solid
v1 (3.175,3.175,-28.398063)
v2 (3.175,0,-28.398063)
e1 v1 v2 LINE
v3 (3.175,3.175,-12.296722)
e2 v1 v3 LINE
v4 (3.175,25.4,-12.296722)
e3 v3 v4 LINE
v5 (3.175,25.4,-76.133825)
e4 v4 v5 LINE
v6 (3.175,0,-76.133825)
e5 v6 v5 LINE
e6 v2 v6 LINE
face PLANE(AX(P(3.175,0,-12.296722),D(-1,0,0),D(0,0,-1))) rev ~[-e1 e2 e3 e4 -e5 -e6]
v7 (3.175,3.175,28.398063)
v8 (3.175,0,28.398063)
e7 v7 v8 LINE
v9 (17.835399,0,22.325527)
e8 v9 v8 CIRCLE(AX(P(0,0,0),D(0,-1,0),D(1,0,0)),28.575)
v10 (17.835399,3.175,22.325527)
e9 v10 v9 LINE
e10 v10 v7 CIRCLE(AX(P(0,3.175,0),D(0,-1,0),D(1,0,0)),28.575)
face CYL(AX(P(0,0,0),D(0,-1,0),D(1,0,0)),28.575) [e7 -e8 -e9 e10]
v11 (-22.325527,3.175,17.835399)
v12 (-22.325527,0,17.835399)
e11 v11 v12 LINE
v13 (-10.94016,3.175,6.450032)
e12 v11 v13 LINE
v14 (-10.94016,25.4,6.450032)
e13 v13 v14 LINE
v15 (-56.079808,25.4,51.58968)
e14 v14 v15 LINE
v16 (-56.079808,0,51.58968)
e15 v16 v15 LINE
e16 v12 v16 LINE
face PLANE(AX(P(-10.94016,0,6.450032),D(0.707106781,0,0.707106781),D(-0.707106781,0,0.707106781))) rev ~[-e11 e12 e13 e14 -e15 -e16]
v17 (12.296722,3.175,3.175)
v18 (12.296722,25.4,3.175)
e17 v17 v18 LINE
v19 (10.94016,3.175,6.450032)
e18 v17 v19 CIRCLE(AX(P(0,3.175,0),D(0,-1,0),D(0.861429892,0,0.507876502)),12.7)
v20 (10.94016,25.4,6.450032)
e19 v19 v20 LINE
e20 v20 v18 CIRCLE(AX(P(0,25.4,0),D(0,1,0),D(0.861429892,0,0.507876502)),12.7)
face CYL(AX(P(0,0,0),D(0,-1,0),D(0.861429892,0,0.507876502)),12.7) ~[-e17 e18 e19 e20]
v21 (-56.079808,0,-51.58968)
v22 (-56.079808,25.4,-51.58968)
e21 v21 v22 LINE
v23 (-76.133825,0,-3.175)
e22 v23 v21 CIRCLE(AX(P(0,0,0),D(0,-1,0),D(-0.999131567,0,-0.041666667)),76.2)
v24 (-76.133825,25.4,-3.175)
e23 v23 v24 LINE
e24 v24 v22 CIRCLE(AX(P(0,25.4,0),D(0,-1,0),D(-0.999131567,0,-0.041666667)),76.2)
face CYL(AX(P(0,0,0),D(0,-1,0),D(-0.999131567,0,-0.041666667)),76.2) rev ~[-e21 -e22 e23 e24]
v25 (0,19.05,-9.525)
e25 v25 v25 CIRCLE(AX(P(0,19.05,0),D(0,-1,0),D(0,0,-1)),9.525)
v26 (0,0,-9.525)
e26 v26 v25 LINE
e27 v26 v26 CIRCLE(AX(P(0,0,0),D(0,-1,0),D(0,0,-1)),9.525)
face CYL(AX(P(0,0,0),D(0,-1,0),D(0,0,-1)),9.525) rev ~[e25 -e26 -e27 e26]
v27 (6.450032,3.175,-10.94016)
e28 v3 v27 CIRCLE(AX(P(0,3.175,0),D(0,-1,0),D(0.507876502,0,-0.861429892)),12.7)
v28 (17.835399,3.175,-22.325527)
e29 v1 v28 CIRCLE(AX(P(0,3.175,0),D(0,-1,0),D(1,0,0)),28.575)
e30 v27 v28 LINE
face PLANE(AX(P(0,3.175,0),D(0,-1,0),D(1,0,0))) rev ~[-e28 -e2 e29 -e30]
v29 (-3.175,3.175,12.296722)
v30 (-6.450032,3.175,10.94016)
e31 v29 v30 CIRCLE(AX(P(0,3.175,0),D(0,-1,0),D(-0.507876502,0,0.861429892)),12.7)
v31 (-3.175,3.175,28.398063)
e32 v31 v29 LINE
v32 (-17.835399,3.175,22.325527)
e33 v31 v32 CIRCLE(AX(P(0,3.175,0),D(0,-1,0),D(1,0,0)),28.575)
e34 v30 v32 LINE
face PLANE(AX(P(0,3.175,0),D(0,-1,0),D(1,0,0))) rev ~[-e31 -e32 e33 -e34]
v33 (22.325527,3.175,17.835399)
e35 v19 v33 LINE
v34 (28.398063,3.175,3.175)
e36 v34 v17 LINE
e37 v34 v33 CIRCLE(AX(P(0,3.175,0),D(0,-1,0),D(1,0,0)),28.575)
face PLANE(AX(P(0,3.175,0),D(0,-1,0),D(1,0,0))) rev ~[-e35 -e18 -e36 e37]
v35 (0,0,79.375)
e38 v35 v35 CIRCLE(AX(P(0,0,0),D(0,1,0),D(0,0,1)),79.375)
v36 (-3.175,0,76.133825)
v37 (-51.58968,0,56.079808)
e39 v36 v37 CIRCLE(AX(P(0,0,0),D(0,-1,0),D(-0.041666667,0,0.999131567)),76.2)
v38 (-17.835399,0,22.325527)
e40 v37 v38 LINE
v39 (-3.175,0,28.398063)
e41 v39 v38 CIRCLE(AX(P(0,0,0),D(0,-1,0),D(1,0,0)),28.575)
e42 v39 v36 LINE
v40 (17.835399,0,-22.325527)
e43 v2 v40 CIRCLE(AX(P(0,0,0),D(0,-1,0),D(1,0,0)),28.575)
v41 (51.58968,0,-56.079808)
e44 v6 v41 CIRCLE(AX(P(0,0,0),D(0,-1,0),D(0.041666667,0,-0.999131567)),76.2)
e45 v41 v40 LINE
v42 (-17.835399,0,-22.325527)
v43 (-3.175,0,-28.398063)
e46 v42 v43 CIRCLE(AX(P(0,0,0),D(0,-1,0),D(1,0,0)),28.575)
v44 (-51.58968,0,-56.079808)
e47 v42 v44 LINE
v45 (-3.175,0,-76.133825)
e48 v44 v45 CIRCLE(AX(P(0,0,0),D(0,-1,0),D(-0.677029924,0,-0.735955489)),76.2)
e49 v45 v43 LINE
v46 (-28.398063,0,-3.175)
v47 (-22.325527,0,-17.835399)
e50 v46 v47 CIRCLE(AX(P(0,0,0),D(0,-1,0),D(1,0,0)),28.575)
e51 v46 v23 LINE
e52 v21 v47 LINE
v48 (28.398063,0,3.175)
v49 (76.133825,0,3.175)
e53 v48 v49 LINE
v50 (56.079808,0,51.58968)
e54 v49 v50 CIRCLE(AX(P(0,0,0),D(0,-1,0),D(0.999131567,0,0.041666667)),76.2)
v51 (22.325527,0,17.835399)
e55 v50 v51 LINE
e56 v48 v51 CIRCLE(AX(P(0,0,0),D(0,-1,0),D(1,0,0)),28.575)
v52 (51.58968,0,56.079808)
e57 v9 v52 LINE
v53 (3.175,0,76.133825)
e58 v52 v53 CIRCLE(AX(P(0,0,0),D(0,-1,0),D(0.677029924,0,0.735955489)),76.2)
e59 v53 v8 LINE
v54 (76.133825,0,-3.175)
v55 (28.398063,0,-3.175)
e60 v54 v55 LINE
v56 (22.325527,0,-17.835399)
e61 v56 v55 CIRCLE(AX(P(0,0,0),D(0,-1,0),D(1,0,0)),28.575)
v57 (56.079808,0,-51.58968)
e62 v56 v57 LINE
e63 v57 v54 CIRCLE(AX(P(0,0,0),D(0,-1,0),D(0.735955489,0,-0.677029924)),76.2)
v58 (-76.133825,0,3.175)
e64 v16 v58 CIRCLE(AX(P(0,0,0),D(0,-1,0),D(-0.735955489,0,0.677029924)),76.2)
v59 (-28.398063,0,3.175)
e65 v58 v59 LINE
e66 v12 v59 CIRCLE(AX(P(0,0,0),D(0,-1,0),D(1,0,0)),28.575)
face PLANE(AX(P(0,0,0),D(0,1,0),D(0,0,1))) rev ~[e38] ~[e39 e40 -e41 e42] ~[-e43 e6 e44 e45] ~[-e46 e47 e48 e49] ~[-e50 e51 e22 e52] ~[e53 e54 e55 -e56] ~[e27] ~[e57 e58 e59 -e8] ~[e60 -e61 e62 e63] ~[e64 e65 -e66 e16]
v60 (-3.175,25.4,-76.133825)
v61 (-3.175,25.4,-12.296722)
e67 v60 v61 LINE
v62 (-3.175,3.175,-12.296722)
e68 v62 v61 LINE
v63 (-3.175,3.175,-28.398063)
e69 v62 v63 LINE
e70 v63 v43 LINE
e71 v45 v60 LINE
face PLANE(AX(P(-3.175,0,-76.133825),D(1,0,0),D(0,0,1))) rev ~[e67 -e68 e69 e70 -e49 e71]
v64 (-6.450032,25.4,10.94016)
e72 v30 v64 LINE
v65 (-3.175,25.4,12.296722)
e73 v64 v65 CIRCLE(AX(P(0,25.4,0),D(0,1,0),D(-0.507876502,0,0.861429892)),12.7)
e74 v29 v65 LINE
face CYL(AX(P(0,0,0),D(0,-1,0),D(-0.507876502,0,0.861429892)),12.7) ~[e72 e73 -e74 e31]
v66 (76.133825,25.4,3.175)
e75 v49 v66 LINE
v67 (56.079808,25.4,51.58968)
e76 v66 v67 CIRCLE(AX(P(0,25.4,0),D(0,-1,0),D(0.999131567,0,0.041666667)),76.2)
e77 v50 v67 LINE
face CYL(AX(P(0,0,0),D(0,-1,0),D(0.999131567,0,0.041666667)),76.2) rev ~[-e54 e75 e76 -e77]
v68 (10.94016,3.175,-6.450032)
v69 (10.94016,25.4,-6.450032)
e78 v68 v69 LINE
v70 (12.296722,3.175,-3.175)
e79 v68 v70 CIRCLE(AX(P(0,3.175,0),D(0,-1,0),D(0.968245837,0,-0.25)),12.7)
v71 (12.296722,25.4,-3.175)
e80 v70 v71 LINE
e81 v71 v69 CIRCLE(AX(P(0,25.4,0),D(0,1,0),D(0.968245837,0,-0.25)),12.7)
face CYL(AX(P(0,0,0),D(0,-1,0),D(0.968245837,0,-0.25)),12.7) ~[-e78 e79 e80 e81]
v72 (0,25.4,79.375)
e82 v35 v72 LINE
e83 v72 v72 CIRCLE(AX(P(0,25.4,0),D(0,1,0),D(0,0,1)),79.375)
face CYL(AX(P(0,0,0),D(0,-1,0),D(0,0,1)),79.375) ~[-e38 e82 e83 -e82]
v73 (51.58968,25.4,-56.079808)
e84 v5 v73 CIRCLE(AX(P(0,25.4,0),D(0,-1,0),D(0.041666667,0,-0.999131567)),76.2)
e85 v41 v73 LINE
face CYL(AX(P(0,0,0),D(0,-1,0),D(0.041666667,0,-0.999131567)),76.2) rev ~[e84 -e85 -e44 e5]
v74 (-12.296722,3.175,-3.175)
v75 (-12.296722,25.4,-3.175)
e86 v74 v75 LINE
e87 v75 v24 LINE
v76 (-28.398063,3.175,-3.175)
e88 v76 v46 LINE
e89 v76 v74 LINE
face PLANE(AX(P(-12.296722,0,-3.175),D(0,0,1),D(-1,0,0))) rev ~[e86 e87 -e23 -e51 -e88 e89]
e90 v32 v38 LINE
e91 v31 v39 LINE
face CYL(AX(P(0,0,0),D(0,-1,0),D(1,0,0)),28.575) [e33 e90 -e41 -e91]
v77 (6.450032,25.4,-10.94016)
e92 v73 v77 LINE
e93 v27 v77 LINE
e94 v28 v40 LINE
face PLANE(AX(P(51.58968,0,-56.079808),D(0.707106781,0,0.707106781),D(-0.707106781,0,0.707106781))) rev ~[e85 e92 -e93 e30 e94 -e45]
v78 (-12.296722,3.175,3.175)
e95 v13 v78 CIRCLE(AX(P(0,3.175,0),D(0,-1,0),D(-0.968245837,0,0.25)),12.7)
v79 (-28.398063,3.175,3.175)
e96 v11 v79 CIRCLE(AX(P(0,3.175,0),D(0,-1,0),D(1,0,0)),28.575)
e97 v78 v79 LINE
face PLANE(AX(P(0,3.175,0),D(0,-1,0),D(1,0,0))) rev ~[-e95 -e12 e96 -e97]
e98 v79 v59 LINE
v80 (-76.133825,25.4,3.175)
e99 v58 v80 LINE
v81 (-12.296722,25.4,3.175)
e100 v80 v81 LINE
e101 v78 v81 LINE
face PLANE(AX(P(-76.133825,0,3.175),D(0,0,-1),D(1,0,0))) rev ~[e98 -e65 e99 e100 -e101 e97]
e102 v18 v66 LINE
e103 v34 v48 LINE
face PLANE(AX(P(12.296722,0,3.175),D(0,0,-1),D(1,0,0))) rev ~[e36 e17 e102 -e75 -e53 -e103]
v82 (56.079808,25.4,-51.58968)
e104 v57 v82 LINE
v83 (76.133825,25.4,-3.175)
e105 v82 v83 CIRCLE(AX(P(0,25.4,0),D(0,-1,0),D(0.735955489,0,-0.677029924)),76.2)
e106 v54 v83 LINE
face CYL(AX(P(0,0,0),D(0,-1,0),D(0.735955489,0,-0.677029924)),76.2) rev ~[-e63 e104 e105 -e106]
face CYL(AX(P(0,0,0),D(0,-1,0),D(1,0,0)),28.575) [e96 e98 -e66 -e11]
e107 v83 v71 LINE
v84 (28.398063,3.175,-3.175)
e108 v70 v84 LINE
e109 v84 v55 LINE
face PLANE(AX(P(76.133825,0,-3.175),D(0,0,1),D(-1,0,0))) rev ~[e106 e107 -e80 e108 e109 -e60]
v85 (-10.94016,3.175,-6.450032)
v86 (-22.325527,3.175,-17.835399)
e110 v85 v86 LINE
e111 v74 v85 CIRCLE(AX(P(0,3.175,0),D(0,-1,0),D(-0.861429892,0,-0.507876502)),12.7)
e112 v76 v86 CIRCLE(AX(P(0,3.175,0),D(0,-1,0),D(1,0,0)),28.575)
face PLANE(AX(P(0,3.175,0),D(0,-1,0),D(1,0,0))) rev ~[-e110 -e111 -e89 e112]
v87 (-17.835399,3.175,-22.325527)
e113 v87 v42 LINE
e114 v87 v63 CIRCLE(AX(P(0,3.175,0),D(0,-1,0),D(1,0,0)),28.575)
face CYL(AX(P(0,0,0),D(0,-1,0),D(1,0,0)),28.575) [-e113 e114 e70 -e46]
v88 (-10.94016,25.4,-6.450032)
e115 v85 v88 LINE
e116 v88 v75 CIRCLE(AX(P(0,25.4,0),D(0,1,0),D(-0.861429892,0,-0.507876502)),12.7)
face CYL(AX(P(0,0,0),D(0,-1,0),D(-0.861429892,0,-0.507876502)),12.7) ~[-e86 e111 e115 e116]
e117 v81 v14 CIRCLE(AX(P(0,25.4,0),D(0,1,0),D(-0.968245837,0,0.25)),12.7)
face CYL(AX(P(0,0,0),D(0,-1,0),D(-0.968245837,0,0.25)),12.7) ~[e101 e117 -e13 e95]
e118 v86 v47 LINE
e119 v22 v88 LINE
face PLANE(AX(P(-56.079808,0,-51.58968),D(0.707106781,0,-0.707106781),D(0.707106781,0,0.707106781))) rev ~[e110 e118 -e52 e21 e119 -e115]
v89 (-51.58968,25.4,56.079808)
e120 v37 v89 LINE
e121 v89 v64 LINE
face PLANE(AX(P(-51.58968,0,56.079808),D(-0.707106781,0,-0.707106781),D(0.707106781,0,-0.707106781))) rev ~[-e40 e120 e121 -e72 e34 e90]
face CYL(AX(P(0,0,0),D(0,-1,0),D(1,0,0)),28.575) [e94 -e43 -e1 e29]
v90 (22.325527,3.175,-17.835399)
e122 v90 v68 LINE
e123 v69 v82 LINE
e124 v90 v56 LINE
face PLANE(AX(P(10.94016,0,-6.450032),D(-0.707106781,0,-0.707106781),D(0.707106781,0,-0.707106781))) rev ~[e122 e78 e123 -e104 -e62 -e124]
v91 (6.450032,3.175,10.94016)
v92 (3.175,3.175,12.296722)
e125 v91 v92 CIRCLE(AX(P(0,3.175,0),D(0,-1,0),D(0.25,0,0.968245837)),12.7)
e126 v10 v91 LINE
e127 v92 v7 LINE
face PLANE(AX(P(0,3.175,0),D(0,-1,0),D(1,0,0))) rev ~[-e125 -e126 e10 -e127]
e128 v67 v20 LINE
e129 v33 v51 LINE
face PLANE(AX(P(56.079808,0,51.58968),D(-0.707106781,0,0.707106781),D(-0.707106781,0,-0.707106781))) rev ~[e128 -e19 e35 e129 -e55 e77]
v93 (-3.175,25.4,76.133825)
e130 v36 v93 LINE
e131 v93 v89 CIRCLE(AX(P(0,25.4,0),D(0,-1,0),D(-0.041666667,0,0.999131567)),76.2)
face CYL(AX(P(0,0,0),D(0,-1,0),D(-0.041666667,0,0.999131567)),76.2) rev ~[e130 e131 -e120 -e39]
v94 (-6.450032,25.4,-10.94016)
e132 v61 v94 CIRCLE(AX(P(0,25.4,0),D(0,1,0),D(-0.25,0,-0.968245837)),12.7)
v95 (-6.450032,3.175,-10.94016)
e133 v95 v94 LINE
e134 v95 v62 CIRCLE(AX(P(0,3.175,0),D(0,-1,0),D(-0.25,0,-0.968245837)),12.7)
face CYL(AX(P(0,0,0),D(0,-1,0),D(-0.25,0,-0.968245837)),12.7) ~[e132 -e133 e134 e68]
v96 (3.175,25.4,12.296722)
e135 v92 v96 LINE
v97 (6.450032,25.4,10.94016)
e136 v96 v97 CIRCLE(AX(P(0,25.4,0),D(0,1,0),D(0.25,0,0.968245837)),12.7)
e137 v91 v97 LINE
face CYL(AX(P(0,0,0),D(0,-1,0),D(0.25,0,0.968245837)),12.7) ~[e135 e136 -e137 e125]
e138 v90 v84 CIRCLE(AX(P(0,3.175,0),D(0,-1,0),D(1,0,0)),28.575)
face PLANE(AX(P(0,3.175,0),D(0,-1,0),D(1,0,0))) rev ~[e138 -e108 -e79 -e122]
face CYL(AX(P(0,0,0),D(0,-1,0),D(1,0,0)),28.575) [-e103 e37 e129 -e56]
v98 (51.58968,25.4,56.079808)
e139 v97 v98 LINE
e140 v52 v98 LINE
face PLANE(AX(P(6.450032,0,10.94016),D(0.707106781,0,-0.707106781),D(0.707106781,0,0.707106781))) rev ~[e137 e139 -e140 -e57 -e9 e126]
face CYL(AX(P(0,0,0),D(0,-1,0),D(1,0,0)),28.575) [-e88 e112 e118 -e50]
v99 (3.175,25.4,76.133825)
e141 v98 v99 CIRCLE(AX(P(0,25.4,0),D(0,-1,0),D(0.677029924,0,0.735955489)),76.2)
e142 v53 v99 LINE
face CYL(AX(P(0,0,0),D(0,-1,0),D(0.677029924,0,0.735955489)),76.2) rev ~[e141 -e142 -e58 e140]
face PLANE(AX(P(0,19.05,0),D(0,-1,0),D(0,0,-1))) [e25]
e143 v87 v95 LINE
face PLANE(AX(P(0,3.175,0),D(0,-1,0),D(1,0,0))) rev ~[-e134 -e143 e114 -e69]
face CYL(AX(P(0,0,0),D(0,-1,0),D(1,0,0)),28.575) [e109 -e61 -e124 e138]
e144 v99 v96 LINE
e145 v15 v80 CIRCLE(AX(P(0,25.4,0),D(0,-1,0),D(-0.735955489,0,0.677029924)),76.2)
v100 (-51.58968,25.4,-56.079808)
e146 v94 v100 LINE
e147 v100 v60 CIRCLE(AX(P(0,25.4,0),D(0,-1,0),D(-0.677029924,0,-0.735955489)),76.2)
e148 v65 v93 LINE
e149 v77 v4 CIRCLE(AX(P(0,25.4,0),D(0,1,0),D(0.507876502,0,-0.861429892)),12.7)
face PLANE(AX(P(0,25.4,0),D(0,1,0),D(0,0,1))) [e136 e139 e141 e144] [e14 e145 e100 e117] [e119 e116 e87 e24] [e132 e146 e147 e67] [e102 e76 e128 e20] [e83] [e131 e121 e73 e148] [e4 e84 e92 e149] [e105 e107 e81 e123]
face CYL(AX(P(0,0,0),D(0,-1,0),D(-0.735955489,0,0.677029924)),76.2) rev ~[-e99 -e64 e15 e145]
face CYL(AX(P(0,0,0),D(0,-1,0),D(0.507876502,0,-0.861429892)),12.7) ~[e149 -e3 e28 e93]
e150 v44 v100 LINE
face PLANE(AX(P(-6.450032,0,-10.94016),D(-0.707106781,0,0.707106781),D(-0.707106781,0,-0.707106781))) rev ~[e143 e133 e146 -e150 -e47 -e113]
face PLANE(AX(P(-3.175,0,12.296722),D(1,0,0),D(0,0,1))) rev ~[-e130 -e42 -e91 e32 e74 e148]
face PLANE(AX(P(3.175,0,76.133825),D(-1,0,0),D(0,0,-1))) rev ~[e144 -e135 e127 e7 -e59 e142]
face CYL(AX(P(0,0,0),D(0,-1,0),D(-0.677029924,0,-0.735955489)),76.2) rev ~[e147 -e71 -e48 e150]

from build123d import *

# Parameters (mm, degrees)
SKETCH1_R           = 79.375
BOSS_EXTRUDE1_DEPTH = 25.4
SKETCH2_R           = 28.575
BOSS_EXTRUDE2_DEPTH = 3.175
SKETCH3_R           = 9.525
CUT_EXTRUDE1_DEPTH  = 19.05


with BuildPart() as part:
    # Sketch1 → Boss-Extrude1 (new body)
    with BuildSketch(Plane(origin=(0, 0, 0), x_dir=(1, 0, 0), z_dir=(0, 1, 0))):
        with Locations(Location((0, 0, 0), (0, 0, 270))):
            Circle(SKETCH1_R)
        with BuildLine():
            ThreePointArc((12.296722124, 3.175), (11.733270063, 4.860079591), (10.940159631, 6.45003157))
            Line((10.940159631, 6.45003157), (56.079808271, 51.589680211))
            ThreePointArc((56.079808271, 51.589680211), (70.399620377, 29.160477546), (76.133825433, 3.175))
            Line((76.133825433, 3.175), (12.296722124, 3.175))
        make_face(mode=Mode.SUBTRACT)
        with BuildLine():
            Line((51.589680211, 56.079808271), (6.45003157, 10.940159631))
            ThreePointArc((6.45003157, 10.940159631), (4.860079591, 11.733270063), (3.175, 12.296722124))
            Line((3.175, 12.296722124), (3.175, 76.133825433))
            ThreePointArc((3.175, 76.133825433), (29.160477546, 70.399620377), (51.589680211, 56.079808271))
        make_face(mode=Mode.SUBTRACT)
        with BuildLine():
            Line((-3.175, 76.133825433), (-3.175, 12.296722124))
            ThreePointArc((-3.175, 12.296722124), (-4.860079591, 11.733270063), (-6.45003157, 10.940159631))
            Line((-6.45003157, 10.940159631), (-51.589680211, 56.079808271))
            ThreePointArc((-51.589680211, 56.079808271), (-29.160477546, 70.399620377), (-3.175, 76.133825433))
        make_face(mode=Mode.SUBTRACT)
        with BuildLine():
            Line((-56.079808271, 51.589680211), (-10.940159631, 6.45003157))
            ThreePointArc((-10.940159631, 6.45003157), (-11.733270063, 4.860079591), (-12.296722124, 3.175))
            Line((-12.296722124, 3.175), (-76.133825433, 3.175))
            ThreePointArc((-76.133825433, 3.175), (-70.399620377, 29.160477546), (-56.079808271, 51.589680211))
        make_face(mode=Mode.SUBTRACT)
        with BuildLine():
            Line((-76.133825433, -3.175), (-12.296722124, -3.175))
            ThreePointArc((-12.296722124, -3.175), (-11.733270063, -4.860079591), (-10.940159631, -6.45003157))
            Line((-10.940159631, -6.45003157), (-56.079808271, -51.589680211))
            ThreePointArc((-56.079808271, -51.589680211), (-70.399620377, -29.160477546), (-76.133825433, -3.175))
        make_face(mode=Mode.SUBTRACT)
        with BuildLine():
            Line((-51.589680211, -56.079808271), (-6.45003157, -10.940159631))
            ThreePointArc((-6.45003157, -10.940159631), (-4.860079591, -11.733270063), (-3.175, -12.296722124))
            Line((-3.175, -12.296722124), (-3.175, -76.133825433))
            ThreePointArc((-3.175, -76.133825433), (-29.160477546, -70.399620377), (-51.589680211, -56.079808271))
        make_face(mode=Mode.SUBTRACT)
        with BuildLine():
            Line((3.175, -76.133825433), (3.175, -12.296722124))
            ThreePointArc((3.175, -12.296722124), (4.860079591, -11.733270063), (6.45003157, -10.940159631))
            Line((6.45003157, -10.940159631), (51.589680211, -56.079808271))
            ThreePointArc((51.589680211, -56.079808271), (29.160477546, -70.399620377), (3.175, -76.133825433))
        make_face(mode=Mode.SUBTRACT)
        with BuildLine():
            Line((56.079808271, -51.589680211), (10.940159631, -6.45003157))
            ThreePointArc((10.940159631, -6.45003157), (11.733270063, -4.860079591), (12.296722124, -3.175))
            Line((12.296722124, -3.175), (76.133825433, -3.175))
            ThreePointArc((76.133825433, -3.175), (70.399620377, -29.160477546), (56.079808271, -51.589680211))
        make_face(mode=Mode.SUBTRACT)
    extrude(amount=BOSS_EXTRUDE1_DEPTH)

    # Sketch2 → Boss-Extrude2 (add)
    with BuildSketch(Plane.XZ):
        Circle(SKETCH2_R)
    extrude(amount=-BOSS_EXTRUDE2_DEPTH)

    # Sketch3 → Cut-Extrude1 (cut)
    with BuildSketch(Plane.XZ):
        with Locations(Location((0, 0, 0), (0, 0, 270))):
            Circle(SKETCH3_R)
    extrude(amount=-CUT_EXTRUDE1_DEPTH, mode=Mode.SUBTRACT)


solid = part.part
